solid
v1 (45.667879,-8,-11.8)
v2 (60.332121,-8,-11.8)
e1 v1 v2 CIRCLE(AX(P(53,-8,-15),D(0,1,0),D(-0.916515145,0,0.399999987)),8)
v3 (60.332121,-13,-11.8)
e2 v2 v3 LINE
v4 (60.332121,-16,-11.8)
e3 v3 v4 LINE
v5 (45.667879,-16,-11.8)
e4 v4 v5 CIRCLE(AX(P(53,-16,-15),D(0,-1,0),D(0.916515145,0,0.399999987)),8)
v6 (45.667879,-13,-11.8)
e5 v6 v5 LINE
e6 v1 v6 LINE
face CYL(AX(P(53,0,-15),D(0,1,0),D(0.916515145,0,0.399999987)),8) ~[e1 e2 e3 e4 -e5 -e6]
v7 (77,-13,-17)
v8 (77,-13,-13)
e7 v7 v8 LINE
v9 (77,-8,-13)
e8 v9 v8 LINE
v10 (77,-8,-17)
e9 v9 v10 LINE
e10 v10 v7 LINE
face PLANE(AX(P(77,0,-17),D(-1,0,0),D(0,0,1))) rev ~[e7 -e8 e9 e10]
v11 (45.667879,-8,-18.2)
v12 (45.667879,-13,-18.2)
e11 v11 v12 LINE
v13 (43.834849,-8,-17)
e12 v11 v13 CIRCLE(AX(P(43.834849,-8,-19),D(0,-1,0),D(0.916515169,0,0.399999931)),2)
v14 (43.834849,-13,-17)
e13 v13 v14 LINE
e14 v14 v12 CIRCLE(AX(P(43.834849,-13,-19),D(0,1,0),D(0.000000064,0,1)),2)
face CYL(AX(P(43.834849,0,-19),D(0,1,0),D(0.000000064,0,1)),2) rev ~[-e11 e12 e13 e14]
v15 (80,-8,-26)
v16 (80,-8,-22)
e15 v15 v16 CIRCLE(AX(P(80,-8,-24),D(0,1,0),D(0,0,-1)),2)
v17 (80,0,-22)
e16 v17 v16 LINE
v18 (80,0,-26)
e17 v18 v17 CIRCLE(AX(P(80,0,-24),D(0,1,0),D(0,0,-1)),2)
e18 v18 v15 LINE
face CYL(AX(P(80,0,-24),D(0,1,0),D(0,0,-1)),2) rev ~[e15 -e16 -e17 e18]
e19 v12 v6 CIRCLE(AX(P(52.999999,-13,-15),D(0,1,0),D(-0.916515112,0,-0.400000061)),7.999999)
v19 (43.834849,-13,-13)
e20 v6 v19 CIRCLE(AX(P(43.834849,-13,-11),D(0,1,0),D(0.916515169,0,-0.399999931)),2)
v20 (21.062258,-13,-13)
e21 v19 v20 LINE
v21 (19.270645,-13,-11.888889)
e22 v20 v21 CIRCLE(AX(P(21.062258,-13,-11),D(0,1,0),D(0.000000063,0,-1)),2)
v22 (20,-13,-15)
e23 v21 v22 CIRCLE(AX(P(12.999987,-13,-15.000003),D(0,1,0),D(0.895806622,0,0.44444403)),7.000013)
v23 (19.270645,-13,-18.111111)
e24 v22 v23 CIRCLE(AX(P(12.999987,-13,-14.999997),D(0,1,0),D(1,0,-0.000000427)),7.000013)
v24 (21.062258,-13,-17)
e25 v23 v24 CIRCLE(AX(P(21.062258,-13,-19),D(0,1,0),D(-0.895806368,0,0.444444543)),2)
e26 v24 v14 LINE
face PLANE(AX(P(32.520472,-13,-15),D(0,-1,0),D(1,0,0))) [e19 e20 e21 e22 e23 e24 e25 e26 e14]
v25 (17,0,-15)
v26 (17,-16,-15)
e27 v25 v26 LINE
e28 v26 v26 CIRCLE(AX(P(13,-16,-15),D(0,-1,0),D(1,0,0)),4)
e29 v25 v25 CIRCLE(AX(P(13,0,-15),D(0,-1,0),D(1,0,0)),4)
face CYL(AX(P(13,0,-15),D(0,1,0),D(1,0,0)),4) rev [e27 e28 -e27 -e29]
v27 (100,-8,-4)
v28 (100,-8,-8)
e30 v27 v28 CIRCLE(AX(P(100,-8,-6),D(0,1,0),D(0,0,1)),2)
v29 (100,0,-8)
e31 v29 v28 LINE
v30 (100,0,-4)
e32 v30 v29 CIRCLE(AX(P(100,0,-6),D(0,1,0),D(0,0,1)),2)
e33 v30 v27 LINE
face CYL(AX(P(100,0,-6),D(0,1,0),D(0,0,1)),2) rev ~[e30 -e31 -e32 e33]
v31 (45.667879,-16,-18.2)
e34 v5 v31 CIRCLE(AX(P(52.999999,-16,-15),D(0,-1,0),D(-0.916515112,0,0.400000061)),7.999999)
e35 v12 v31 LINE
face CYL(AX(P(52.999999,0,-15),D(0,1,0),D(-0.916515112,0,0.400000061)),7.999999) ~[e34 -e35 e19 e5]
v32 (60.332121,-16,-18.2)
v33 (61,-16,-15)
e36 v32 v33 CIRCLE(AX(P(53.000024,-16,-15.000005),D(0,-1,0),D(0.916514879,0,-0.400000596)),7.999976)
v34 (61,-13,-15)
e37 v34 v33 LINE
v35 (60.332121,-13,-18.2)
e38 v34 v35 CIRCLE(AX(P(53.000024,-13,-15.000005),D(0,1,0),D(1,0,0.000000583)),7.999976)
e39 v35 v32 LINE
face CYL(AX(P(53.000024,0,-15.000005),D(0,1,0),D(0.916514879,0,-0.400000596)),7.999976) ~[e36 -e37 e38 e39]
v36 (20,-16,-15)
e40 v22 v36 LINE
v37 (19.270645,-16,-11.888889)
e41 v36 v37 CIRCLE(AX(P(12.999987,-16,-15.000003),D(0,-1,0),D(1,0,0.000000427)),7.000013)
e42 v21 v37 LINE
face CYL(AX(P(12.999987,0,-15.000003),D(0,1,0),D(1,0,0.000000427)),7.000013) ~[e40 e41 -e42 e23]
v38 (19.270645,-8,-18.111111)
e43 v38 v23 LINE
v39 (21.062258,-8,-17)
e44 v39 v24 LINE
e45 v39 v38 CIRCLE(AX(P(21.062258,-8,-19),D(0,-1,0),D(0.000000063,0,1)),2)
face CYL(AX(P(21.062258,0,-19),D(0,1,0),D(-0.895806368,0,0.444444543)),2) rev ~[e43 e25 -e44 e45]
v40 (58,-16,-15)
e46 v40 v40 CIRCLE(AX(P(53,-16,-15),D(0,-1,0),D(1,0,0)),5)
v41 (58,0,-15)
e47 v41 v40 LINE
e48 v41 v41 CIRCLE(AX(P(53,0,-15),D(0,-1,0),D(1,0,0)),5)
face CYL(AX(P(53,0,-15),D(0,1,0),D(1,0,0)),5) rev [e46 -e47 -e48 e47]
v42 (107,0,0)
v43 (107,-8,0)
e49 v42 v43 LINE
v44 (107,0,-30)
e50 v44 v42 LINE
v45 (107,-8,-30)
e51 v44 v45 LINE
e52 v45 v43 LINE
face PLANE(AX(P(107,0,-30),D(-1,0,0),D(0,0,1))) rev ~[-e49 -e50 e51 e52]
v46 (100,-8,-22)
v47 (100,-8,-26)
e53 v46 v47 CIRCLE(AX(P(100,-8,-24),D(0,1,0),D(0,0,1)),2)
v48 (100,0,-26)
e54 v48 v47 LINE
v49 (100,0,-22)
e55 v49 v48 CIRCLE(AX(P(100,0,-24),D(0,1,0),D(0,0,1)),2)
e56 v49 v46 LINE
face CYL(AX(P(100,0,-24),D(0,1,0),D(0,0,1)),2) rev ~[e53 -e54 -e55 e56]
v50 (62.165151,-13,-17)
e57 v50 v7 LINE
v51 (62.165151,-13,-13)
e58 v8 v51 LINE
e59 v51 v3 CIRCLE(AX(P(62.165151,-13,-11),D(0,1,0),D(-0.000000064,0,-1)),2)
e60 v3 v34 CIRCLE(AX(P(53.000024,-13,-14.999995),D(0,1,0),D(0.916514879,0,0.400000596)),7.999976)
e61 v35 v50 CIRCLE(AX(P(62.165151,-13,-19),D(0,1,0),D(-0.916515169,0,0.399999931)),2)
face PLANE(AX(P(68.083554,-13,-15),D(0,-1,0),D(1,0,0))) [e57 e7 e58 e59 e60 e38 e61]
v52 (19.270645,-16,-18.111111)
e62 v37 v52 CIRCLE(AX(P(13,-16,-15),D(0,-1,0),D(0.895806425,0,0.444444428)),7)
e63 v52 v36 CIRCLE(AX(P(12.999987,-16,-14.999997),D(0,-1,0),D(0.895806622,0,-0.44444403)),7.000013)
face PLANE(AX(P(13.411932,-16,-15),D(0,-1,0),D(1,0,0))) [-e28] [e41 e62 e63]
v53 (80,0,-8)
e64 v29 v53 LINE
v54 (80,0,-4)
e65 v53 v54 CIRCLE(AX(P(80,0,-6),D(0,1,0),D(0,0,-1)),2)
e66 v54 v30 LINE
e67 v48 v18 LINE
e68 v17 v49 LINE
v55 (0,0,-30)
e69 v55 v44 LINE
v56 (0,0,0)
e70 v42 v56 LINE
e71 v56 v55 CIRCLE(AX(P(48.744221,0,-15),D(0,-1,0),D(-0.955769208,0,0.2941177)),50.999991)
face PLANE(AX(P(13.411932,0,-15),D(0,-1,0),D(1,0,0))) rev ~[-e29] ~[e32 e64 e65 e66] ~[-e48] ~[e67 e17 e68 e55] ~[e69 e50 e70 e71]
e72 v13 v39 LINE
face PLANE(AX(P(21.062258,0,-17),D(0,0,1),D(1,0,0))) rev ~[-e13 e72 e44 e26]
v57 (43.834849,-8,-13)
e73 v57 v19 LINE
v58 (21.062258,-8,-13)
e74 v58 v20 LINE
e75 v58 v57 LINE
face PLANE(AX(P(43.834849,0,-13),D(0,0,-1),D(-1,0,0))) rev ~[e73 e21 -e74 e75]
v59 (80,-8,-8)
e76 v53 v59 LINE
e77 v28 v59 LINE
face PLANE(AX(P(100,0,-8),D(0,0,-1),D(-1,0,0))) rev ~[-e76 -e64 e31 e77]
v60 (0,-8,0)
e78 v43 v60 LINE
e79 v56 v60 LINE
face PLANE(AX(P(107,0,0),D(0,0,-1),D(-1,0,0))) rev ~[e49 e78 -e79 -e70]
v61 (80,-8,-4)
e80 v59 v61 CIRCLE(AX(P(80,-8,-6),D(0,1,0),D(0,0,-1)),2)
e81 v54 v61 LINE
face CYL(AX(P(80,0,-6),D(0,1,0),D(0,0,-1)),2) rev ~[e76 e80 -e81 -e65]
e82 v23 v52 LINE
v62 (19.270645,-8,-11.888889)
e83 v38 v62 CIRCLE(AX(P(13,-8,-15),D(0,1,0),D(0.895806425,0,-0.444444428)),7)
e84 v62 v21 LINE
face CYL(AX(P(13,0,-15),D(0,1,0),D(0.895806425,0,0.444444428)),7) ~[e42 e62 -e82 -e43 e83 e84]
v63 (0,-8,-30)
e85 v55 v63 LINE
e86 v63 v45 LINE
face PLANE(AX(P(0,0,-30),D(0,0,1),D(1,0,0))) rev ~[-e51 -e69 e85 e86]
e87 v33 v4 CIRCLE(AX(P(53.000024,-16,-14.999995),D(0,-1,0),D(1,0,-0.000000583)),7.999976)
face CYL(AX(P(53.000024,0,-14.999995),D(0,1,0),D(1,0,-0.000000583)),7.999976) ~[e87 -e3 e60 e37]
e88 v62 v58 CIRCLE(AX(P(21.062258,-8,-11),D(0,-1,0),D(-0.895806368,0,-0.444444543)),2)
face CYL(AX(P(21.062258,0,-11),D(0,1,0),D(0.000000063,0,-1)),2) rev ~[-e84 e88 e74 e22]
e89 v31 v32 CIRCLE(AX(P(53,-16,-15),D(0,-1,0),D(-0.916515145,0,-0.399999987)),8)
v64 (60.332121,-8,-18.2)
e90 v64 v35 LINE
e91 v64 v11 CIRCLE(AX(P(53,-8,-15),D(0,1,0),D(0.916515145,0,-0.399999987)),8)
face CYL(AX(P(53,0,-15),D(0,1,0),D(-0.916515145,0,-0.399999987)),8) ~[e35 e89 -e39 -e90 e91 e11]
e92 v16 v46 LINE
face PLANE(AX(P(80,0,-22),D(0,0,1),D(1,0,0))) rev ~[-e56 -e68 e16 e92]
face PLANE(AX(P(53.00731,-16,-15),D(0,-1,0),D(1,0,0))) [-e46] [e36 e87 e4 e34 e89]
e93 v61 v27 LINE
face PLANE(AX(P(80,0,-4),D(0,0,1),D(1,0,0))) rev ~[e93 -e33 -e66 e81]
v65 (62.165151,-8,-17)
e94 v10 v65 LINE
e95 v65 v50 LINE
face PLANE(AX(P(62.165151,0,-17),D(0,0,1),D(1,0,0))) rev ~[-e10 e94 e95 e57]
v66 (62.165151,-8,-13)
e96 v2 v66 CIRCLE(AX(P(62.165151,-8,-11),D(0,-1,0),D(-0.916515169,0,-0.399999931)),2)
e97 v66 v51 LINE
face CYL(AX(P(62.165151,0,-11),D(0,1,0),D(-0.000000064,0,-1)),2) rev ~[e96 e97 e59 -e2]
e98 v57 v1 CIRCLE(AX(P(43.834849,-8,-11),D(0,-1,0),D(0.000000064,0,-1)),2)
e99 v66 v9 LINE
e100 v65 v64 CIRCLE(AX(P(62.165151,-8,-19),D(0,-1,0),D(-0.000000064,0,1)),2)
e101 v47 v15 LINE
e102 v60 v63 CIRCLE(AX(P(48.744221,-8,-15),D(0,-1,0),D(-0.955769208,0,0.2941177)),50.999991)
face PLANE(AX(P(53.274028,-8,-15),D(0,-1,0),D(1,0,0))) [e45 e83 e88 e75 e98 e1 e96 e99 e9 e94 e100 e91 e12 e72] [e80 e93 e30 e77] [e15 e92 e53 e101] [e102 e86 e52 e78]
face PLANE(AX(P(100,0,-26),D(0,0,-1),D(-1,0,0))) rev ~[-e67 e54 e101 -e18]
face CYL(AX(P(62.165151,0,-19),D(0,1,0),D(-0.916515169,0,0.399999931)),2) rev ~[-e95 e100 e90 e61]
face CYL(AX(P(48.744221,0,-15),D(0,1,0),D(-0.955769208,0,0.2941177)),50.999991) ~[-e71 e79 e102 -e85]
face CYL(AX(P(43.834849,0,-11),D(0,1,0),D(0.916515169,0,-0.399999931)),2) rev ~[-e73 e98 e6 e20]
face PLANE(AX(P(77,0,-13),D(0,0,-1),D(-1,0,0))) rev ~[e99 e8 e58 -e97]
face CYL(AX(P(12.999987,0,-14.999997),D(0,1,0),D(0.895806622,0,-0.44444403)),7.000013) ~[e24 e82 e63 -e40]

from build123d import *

# Parameters (mm, degrees)
F1_DEPTH = 8
F2_DEPTH = 13
F0_R     = 4
F0_R_2   = 5
F3_DEPTH = 16


with BuildPart() as f1:
    # F0 (on Front) → F1 (new body)
    with BuildSketch(Plane.XZ):
        with BuildLine():
            Line((107, 0), (0, 0))
            ThreePointArc((0, 0), (-2.25577, -15), (0, -30))
            Line((0, -30), (107, -30))
            Line((107, -30), (107, 0))
        make_face()
        with BuildLine():
            ThreePointArc((80, -26), (78, -24), (80, -22))
            Line((80, -22), (100, -22))
            ThreePointArc((100, -22), (102, -24), (100, -26))
            Line((100, -26), (80, -26))
        make_face(mode=Mode.SUBTRACT)
        with BuildLine():
            ThreePointArc((19.270645, -18.111111), (6, -15), (19.270645, -11.888889))
            ThreePointArc((19.270645, -11.888889), (20.008165, -12.699673), (21.062258, -13))
            Line((21.062258, -13), (43.834849, -13))
            ThreePointArc((43.834849, -13), (44.930294, -12.67332), (45.667879, -11.8))
            ThreePointArc((45.667879, -11.8), (53, -7), (60.332121, -11.8))
            ThreePointArc((60.332121, -11.8), (61.069706, -12.67332), (62.165151, -13))
            Line((62.165151, -13), (77, -13))
            Line((77, -13), (77, -17))
            Line((77, -17), (62.165151, -17))
            ThreePointArc((62.165151, -17), (61.069706, -17.32668), (60.332121, -18.2))
            ThreePointArc((60.332121, -18.2), (53, -23), (45.667879, -18.2))
            ThreePointArc((45.667879, -18.2), (44.930294, -17.32668), (43.834849, -17))
            Line((43.834849, -17), (21.062258, -17))
            ThreePointArc((21.062258, -17), (20.008165, -17.300327), (19.270645, -18.111111))
        make_face(mode=Mode.SUBTRACT)
        with BuildLine():
            ThreePointArc((80, -8), (78, -6), (80, -4))
            Line((80, -4), (100, -4))
            ThreePointArc((100, -4), (102, -6), (100, -8))
            Line((100, -8), (80, -8))
        make_face(mode=Mode.SUBTRACT)
    extrude(amount=F1_DEPTH)

    # F0 (on Front) → F2 (join)
    with BuildSketch(Plane.XZ):
        with BuildLine():
            ThreePointArc((19.270645, -11.888889), (19.815222, -13.402269), (20, -15))
            ThreePointArc((20, -15), (19.815222, -16.597731), (19.270645, -18.111111))
            ThreePointArc((19.270645, -18.111111), (20.008165, -17.300327), (21.062258, -17))
            Line((21.062258, -17), (43.834849, -17))
            ThreePointArc((43.834849, -17), (44.930294, -17.32668), (45.667879, -18.2))
            ThreePointArc((45.667879, -18.2), (45, -15), (45.667879, -11.8))
            ThreePointArc((45.667879, -11.8), (44.930294, -12.67332), (43.834849, -13))
            Line((43.834849, -13), (21.062258, -13))
            ThreePointArc((21.062258, -13), (20.008165, -12.699673), (19.270645, -11.888889))
        make_face()
        with BuildLine():
            ThreePointArc((62.165151, -13), (61.069706, -12.67332), (60.332121, -11.8))
            ThreePointArc((60.332121, -11.8), (60.831251, -13.365523), (61, -15))
            ThreePointArc((61, -15), (60.831251, -16.634477), (60.332121, -18.2))
            ThreePointArc((60.332121, -18.2), (61.069706, -17.32668), (62.165151, -17))
            Line((62.165151, -17), (77, -17))
            Line((77, -17), (77, -13))
            Line((77, -13), (62.165151, -13))
        make_face()
    extrude(amount=F2_DEPTH)

    # F0 (on Front) → F3 (join)
    with BuildSketch(Plane.XZ):
        with BuildLine():
            ThreePointArc((19.270645, -18.111111), (19.815222, -16.597731), (20, -15))
            ThreePointArc((20, -15), (19.815222, -13.402269), (19.270645, -11.888889))
            ThreePointArc((19.270645, -11.888889), (6, -15), (19.270645, -18.111111))
        make_face()
        with Locations((13, -15)):
            Circle(F0_R, mode=Mode.SUBTRACT)
        with BuildLine():
            ThreePointArc((60.332121, -11.8), (53, -7), (45.667879, -11.8))
            ThreePointArc((45.667879, -11.8), (45, -15), (45.667879, -18.2))
            ThreePointArc((45.667879, -18.2), (53, -23), (60.332121, -18.2))
            ThreePointArc((60.332121, -18.2), (60.831251, -16.634477), (61, -15))
            ThreePointArc((61, -15), (60.831251, -13.365523), (60.332121, -11.8))
        make_face()
        with Locations((53, -15)):
            Circle(F0_R_2, mode=Mode.SUBTRACT)
    extrude(amount=F3_DEPTH)


solid = f1.part
